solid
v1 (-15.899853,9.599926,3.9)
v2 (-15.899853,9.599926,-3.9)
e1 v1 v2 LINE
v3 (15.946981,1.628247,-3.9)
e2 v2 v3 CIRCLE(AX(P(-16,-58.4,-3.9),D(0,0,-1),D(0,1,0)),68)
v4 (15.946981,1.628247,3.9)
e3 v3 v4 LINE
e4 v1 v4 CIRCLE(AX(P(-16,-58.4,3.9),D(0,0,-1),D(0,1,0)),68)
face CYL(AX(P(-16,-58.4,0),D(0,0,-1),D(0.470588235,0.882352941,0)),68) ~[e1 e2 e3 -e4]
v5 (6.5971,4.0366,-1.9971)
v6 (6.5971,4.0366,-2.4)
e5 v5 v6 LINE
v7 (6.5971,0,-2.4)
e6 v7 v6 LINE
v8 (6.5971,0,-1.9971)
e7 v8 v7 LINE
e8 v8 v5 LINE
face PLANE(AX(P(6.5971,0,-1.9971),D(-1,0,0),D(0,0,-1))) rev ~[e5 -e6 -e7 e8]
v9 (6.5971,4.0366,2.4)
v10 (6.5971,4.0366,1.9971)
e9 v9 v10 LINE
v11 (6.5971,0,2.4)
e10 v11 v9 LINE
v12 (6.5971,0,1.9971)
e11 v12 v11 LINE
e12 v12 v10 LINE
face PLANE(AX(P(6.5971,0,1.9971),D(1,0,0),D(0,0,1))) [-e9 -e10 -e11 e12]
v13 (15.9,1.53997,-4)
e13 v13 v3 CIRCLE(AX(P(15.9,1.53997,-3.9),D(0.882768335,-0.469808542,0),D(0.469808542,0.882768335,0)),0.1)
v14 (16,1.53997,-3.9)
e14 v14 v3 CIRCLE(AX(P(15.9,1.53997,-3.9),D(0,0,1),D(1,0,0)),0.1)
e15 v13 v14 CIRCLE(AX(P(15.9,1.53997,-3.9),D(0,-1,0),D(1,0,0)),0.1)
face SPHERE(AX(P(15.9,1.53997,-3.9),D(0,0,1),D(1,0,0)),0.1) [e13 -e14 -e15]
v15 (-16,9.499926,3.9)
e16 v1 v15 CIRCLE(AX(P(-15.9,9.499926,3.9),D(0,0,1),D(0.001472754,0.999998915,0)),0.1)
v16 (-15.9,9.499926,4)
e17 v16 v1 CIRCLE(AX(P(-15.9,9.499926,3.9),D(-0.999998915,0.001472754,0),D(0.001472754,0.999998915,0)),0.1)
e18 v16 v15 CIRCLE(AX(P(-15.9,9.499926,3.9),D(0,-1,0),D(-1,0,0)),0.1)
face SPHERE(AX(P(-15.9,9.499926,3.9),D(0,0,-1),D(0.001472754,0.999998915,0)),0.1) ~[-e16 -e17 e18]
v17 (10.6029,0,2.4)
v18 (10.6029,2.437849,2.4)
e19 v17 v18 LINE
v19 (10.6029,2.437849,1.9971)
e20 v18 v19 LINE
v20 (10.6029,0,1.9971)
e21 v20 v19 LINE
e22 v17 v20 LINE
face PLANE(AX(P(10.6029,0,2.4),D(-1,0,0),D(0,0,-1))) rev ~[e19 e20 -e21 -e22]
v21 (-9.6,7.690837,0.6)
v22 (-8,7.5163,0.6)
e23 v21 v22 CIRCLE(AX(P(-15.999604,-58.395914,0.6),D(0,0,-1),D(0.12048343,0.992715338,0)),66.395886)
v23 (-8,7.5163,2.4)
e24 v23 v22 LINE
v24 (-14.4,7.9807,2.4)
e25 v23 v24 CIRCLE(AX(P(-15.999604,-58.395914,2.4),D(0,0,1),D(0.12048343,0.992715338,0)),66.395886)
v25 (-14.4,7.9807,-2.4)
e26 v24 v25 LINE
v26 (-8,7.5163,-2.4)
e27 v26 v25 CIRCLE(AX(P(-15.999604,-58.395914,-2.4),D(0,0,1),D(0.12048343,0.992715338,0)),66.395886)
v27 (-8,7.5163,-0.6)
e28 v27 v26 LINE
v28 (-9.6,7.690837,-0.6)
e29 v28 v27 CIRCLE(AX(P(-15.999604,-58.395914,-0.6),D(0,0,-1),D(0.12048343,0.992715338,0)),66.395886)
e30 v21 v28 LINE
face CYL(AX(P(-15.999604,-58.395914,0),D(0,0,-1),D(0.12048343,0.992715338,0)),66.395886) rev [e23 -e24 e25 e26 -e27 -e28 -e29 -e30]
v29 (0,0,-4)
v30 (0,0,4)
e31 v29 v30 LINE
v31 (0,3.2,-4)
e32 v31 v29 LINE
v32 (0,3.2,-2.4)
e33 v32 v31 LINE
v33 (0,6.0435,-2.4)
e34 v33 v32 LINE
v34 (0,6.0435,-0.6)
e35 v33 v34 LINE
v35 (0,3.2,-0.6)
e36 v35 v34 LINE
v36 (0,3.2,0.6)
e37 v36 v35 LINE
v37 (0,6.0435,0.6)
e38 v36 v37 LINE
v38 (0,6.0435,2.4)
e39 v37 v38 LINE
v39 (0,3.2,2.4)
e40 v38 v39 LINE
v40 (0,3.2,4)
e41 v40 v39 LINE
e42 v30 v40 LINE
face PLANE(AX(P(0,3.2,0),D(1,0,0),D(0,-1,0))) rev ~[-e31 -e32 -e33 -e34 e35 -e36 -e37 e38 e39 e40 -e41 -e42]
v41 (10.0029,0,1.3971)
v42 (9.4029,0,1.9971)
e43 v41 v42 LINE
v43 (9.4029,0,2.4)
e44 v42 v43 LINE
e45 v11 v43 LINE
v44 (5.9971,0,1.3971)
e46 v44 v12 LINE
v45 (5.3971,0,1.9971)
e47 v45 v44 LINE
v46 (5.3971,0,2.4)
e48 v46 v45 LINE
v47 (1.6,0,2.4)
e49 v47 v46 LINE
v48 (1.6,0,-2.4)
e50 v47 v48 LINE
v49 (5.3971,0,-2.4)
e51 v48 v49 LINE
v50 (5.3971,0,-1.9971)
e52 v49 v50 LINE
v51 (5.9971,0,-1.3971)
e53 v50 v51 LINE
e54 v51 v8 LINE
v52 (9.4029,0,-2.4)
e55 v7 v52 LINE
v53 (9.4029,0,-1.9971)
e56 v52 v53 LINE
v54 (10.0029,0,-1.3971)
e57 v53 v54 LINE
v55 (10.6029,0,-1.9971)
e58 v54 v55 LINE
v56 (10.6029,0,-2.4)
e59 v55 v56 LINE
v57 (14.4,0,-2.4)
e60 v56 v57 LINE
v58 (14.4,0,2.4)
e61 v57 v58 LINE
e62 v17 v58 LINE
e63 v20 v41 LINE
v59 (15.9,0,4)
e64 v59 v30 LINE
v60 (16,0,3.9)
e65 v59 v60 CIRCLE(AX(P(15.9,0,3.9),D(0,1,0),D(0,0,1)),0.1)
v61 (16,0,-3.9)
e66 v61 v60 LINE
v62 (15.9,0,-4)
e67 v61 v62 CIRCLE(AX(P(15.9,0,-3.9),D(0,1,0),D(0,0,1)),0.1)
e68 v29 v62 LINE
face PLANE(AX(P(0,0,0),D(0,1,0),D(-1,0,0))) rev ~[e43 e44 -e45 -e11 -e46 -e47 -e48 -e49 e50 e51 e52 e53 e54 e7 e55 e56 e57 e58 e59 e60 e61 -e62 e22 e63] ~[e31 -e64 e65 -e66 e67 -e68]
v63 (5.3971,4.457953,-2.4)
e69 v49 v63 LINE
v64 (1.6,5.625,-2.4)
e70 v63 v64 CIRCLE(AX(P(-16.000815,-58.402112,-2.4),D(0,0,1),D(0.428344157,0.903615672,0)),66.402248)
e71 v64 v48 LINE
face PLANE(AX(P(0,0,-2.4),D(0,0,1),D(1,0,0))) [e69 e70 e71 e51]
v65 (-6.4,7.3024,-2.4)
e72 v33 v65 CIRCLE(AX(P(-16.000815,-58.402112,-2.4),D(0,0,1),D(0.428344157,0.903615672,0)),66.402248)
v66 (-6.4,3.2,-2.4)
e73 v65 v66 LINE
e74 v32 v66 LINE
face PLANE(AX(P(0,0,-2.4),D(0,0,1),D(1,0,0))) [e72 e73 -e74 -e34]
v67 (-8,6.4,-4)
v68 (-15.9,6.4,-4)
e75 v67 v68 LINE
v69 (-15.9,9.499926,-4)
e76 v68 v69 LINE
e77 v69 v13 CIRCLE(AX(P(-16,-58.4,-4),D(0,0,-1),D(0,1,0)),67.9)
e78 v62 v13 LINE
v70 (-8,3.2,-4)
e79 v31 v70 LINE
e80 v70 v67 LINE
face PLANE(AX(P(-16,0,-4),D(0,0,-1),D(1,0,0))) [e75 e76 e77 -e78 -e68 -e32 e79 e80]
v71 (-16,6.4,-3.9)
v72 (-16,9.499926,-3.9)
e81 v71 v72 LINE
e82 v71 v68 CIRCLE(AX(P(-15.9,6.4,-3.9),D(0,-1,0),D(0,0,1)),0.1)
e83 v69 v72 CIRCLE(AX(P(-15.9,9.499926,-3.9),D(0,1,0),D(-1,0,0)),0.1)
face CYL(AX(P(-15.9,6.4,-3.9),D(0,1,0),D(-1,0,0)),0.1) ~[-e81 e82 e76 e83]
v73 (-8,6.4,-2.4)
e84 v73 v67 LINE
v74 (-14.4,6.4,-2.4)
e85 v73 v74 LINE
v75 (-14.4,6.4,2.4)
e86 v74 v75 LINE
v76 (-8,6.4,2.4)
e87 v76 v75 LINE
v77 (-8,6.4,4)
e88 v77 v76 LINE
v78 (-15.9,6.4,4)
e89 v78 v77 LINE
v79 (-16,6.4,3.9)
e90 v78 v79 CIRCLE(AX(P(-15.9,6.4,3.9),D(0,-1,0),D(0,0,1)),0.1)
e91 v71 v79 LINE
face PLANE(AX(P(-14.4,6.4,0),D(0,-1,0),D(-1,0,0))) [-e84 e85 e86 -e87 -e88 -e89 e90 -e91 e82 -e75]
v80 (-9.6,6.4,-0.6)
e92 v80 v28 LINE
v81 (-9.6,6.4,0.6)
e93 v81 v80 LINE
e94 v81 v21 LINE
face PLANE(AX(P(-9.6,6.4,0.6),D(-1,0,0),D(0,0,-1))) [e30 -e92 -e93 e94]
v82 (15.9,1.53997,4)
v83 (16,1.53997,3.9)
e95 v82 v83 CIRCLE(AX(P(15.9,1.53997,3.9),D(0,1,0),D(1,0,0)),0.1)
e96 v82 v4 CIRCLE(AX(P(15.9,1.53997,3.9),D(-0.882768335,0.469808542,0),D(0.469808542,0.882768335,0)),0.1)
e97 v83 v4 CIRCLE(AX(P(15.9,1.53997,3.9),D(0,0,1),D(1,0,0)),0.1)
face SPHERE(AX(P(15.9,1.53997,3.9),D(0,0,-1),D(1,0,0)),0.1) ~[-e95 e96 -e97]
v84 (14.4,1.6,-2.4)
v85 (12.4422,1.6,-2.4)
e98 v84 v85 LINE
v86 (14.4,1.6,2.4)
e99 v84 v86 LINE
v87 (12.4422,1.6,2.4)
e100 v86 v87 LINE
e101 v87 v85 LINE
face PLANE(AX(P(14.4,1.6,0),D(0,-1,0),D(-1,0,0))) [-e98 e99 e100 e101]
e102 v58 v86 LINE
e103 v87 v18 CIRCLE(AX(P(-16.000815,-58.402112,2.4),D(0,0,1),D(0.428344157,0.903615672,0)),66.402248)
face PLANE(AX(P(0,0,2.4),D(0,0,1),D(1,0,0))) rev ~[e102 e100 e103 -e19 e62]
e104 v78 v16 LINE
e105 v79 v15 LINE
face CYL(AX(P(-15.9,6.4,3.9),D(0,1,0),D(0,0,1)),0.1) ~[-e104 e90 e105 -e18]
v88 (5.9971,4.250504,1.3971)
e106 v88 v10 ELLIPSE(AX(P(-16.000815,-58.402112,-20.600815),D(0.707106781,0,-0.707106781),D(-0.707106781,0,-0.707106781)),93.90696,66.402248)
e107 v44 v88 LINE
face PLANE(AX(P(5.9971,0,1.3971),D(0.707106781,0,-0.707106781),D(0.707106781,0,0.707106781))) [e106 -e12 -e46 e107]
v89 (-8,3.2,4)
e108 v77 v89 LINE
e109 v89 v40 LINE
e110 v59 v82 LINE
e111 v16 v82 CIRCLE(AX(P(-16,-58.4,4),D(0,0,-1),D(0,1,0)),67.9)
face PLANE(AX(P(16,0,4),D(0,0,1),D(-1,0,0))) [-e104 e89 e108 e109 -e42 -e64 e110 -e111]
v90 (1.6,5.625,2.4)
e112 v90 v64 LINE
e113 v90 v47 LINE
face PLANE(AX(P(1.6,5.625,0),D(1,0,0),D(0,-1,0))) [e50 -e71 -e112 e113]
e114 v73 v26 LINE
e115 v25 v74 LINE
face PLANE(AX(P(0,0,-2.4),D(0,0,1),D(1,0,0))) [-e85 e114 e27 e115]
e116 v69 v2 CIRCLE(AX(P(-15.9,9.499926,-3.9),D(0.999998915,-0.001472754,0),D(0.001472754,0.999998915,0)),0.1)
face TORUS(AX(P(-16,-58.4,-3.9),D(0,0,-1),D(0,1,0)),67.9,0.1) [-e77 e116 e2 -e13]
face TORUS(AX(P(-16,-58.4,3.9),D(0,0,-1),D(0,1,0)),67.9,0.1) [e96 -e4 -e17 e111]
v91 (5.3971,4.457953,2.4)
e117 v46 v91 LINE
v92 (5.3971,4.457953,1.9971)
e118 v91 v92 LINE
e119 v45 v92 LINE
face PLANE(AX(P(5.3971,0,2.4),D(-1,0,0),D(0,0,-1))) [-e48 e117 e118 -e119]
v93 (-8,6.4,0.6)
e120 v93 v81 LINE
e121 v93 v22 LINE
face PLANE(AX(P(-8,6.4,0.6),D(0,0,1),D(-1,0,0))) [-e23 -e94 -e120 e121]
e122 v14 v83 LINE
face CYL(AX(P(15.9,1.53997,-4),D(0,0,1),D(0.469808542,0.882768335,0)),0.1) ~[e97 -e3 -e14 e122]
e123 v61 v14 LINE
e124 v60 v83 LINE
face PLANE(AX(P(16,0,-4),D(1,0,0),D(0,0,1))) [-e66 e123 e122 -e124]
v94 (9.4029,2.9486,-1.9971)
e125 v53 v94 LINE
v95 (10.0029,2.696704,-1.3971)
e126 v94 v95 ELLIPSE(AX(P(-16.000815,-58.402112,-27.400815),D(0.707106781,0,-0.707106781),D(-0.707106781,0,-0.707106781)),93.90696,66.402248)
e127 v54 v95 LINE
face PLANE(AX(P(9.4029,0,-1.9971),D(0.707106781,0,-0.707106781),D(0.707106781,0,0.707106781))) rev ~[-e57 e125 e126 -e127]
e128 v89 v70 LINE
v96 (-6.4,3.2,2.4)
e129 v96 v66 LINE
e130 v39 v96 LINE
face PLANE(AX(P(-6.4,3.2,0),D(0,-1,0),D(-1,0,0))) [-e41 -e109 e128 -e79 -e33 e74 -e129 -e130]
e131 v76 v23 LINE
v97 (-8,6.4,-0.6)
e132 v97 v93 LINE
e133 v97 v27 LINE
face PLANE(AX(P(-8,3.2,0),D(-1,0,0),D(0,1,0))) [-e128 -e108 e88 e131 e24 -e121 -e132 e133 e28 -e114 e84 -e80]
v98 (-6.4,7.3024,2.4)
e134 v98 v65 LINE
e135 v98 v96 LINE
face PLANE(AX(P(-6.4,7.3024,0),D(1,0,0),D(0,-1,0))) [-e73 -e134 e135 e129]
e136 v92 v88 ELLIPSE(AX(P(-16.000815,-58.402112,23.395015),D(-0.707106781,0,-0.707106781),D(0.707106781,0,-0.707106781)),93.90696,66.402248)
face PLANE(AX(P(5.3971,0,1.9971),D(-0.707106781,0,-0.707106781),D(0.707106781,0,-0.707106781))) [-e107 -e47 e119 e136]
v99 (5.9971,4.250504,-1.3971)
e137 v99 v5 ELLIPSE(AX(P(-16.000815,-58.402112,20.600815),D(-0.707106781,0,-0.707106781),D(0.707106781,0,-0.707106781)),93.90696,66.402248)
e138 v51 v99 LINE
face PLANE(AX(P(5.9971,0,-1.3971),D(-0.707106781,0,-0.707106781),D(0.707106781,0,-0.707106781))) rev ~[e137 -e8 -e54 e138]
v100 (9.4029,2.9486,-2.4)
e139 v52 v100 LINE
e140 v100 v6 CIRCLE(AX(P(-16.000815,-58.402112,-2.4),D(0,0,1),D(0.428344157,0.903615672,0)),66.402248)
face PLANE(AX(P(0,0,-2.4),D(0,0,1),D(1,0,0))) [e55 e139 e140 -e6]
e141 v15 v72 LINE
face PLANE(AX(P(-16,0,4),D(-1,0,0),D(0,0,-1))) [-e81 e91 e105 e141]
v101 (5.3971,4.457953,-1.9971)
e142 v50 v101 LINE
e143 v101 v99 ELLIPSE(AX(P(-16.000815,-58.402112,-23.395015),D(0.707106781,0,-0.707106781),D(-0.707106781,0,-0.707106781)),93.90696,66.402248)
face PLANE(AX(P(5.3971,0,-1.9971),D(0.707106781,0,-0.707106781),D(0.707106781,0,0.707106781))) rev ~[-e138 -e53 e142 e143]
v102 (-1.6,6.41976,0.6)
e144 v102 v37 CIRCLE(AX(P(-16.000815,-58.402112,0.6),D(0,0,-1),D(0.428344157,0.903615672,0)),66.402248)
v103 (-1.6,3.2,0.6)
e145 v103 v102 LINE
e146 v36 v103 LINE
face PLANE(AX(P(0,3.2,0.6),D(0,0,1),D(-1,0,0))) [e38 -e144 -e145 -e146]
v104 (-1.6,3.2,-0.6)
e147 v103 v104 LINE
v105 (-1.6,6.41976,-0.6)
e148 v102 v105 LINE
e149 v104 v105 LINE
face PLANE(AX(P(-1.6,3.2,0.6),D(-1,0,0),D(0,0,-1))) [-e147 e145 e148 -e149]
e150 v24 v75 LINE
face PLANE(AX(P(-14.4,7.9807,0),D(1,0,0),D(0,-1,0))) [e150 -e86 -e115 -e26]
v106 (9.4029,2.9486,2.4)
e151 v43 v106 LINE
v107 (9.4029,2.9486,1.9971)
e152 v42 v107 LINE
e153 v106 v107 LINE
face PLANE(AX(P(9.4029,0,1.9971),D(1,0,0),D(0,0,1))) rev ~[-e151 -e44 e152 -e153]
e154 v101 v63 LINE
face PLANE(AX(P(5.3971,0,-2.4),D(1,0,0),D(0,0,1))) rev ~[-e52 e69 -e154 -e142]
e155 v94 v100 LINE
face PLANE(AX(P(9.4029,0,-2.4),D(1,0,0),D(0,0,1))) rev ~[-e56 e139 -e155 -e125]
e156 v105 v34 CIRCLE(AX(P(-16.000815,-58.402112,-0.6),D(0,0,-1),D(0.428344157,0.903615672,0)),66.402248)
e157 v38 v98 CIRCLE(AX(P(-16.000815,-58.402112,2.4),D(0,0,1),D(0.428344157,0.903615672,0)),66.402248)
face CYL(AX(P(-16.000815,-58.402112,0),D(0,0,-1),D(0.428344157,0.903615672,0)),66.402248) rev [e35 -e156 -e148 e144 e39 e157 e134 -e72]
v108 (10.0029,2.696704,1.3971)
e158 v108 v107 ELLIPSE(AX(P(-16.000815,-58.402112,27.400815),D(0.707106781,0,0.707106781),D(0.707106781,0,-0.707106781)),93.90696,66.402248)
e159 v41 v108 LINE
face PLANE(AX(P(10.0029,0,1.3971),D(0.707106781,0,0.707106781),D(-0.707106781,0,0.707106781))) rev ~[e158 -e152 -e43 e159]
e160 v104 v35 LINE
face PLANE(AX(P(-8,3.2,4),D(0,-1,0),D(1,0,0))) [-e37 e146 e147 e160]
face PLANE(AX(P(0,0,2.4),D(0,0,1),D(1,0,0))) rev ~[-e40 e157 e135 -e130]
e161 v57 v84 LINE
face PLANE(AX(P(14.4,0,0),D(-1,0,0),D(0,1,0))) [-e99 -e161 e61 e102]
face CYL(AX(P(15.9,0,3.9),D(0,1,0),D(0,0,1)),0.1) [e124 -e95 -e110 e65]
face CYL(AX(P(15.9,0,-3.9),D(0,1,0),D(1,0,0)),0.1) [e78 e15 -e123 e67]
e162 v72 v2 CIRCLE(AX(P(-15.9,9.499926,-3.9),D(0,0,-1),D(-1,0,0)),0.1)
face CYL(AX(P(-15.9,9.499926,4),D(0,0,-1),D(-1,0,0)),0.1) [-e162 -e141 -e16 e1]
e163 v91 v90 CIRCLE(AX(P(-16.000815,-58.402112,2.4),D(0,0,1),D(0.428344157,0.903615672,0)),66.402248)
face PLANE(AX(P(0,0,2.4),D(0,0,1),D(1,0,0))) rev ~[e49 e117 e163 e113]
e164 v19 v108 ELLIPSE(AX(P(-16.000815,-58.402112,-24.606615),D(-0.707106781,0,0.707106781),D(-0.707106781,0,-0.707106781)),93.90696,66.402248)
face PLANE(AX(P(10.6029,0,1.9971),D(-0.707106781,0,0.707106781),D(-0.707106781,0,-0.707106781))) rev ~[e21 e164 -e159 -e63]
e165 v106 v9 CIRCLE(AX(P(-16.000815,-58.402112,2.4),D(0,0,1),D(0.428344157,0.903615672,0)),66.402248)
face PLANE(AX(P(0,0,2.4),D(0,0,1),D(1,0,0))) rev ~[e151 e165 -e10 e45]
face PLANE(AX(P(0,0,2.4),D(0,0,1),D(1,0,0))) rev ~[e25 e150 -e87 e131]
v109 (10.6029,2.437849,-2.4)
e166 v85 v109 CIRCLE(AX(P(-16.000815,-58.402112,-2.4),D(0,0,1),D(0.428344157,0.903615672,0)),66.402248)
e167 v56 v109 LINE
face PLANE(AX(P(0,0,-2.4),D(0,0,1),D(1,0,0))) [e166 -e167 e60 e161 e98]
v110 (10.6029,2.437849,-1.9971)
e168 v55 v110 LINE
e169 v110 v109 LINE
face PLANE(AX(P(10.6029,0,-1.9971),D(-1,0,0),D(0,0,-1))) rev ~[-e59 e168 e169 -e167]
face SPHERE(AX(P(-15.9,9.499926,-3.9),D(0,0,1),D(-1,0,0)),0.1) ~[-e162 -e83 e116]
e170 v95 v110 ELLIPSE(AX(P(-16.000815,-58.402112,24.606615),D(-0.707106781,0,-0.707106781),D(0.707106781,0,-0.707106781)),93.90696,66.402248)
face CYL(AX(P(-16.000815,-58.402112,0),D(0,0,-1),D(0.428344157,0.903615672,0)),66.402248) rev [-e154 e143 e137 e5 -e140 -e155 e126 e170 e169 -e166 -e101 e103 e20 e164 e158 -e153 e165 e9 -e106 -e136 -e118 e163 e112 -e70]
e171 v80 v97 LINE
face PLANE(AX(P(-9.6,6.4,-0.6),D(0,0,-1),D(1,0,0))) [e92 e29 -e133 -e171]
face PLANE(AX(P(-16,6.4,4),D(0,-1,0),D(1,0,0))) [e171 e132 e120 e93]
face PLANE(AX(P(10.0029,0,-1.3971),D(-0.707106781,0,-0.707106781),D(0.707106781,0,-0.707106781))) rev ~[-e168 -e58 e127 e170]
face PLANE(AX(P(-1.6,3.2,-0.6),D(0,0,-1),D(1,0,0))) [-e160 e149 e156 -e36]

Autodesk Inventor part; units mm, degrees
ref_plane "YZ Plane" through (0, 0, 0) normal (1, 0, 0) x (0, 1, 0)
ref_plane "XZ Plane" through (0, 0, 0) normal (0, 1, 0) x (-1, 0, 0)
ref_plane "XY Plane" through (0, 0, 0) normal (0, 0, 1) x (1, 0, 0)
sketch "Sketch2" plane through (0, 0, 0) normal (0, 1, 0) x (-1, 0, 0)
  line L0 (-16, 4) -> (16, 4)
  line L1 (16, 4) -> (16, -4)
  line L2 (16, -4) -> (-16, -4)
  line L3 (-16, -4) -> (-16, 4)
  point P0 (0, 0)
  point P1 (0, 4)
  point P2 (-16, 0)
  dimension "d0" = 32
  dimension "d1" = 8
extrude "Extrusion1" add sketch "Sketch2" along normal blind 9.6
sketch "Sketch10" plane through (0, 0, 0) normal (0, 0, 1) x (1, 0, 0)
  line L0 (-16, 9.6) -> (16, 9.6) projected
  line L1 (-16, 0) -> (-16, 9.6) projected
  arc A0 (16, 1.6) -> (-16, 9.6) centre (-16, -58.4) ccw
  line L2 (16, 1.6) -> (16, 9.6)
  line L3 (-16, 0) -> (16, 0) projected
  line L4 (14.4, 0) -> (14.4, 1.6)
  line L5 (14.4, 1.6) -> (12.4422, 1.6)
  line L6 (-8, 3.2) -> (-8, 7.5163)
  line L7 (-6.4, 7.3024) -> (-6.4, 3.2)
  arc A1 (12.4422, 1.6) -> (-6.4, 7.3024) centre (-16, -58.4) ccw
  arc A2 (-8, 7.5163) -> (-14.4, 7.9807) centre (-16, -58.4) ccw
  line L8 (-14.4, 7.9807) -> (-14.4, 6.4)
  line L9 (1.6, 5.625) -> (1.6, 0)
  line L10 (0, 6.0435) -> (0, 0)
  line L11 (0, 3.2) -> (-6.4, 3.2)
  line L12 (-8, 6.4) -> (-14.4, 6.4)
  line L13 (-14.4, 6.4) -> (-16, 6.4)
  line L14 (16, 0) -> (16, 9.6) projected
  line L15 (1.6, 0) -> (14.4, 0)
  line L16 (0, 0) -> (-16, 0)
  line L17 (-16, 0) -> (-16, 6.4)
  line L18 (-6.4, 3.2) -> (-8, 3.2)
  dimension "d100" = 1.6
  dimension "d104" = 1.6
  dimension "d105" = 1.6
  dimension "d107" = 1.6
  dimension "d108" = 1.6
  dimension "d113" = 6.4
  dimension "d114" = 3.2
  dimension "d115" = 16
  dimension "d116" = 1.6
extrude "Extrusion7" cut sketch "Sketch10" along normal through all both and the other way through all contours L0 L2 A0 | L13 L12 L6 L18 L11 L10 L3 L1
extrude "Extrusion8" cut sketch "Sketch10" along normal mid plane 4.8 contours L8 A2 L6 L12 | L3 L9 A1 L5 L4 | L11 L7 A1 L10
sketch "Sketch3" plane through (0, 0, 0) normal (0, -1, 0) x (1, 0, 0)
  circle A0 centre (12, 0) radius 2.4 construction
  line L0 (14.4, -2.4) -> (1.6, -2.4) projected
  line L1 (1.6, -2.4) -> (1.6, 2.4) projected
  line L2 (1.6, 2.4) -> (14.4, 2.4) projected
  line L3 (14.4, 2.4) -> (14.4, -2.4) projected
  line L4 (16, 4) -> (0, 4) projected
  circle A1 centre (4, 0) radius 2.4 construction
  line L5 (5.3971, 2.4) -> (5.3971, 1.9971)
  line L6 (5.3971, 1.9971) -> (5.9971, 1.3971)
  line L7 (5.9971, 1.3971) -> (6.5971, 1.9971)
  line L8 (6.5971, 1.9971) -> (6.5971, 2.4)
  line L9 (10.6029, 2.4) -> (10.6029, 1.9971)
  line L10 (10.6029, 1.9971) -> (10.0029, 1.3971)
  line L11 (10.0029, 1.3971) -> (9.4029, 1.9971)
  line L12 (9.4029, 1.9971) -> (9.4029, 2.4)
  line L13 (5.3971, -2.4) -> (5.3971, -1.9971)
  line L14 (5.3971, -1.9971) -> (5.9971, -1.3971)
  line L15 (5.9971, -1.3971) -> (6.5971, -1.9971)
  line L16 (6.5971, -1.9971) -> (6.5971, -2.4)
  line L17 (9.4029, -2.4) -> (9.4029, -1.9971)
  line L18 (9.4029, -1.9971) -> (10.0029, -1.3971)
  line L19 (10.0029, -1.3971) -> (10.6029, -1.9971)
  line L20 (10.6029, -1.9971) -> (10.6029, -2.4)
  line L21 (5.6971, 1.6971) -> (4, 0) construction
  dimension "d97" = 4.8
  dimension "d118" = 1.2
extrude "Extrusion2" add sketch "Sketch3" against normal up to next contours L0 L17 L18 L19 L20 | L9 L10 L11 L12 L2 | L0 L13 L14 L15 L16 | L8 L7 L6 L5 L2
sketch "Sketch11" plane through (-8, 3.2, 4) normal (0, -1, 0) x (1, 0, 0)
  line L0 (1.6, -1.6) -> (8, -1.6) projected
  line L1 (8, -1.6) -> (8, 0) projected
  line L2 (8, -6.4) -> (1.6, -6.4) projected
  line L3 (1.6, -6.4) -> (1.6, -1.6) projected
  circle A0 centre (4, -4) radius 2.4 construction
  line L4 (8, -3.4) -> (6.4, -3.4)
  line L5 (6.4, -3.4) -> (6.4, -4.6)
  line L6 (6.4, -4.6) -> (8, -4.6)
  line L7 (8, -3.4) -> (8, -4.6)
  point P0 (8, -4)
  point P1 (6.4, -4)
  dimension "d119" = 1.2
extrude "Extrusion9" add sketch "Sketch11" against normal up to next
sketch "Sketch12" plane through (-16, 6.4, 4) normal (0, -1, 0) x (1, 0, 0)
  line L0 (1.6, -1.6) -> (8, -1.6) projected
  line L1 (8, -6.4) -> (1.6, -6.4) projected
  line L2 (1.6, -6.4) -> (1.6, -1.6) projected
  line L3 (8, -3.4) -> (6.4, -3.4)
  line L4 (6.4, -3.4) -> (6.4, -4.6)
  line L5 (6.4, -4.6) -> (8, -4.6)
  line L6 (8, -4.6) -> (8, -3.4)
  circle A0 centre (4, -4) radius 2.4 construction
  point P0 (16, -4)
  point P1 (6.4, -4)
  dimension "d122" = 1.2
extrude "Extrusion10" add sketch "Sketch12" against normal up to next
fillet "Fillet1" radius 0.1 8 edges at (-16, 8, 4) (-16, 9.6, 0) (16, 0.8, 4) (16, 0.8, -4) (-16, 8, -4) (0.4924, 7.5697, 4) (0.4924, 7.5697, -4) (16, 1.6, 0)
equation "\"d4\" = lh"
equation "\"d100\" = wall"
equation "\"d104\" = wall"
equation "\"d105\" = 0.333333 * lh - topthk"
equation "\"d107\" = topthk"
equation "\"d108\" = d104"
equation "\"d113\" = 0.666667 * lh"
equation "\"d114\" = 0.333333 * lh"
equation "\"d115\" = 2 * lu"
equation "\"d116\" = wall"
equation "\"d109\" = lu - 2 * wall"
equation "\"d97\" = kd"
equation "\"d22\" = lf"
equation "\"d103\" = d102"
equation "\"lh\" = 9.6"
equation "\"wall\" = 1.6"
equation "\"topthk\" = 1.6"
equation "\"lu\" = 8"
equation "\"kd\" = 4.8"
equation "\"lf\" = 0.1"
equation "\"d102\" = 1.6"
properties part number "11153-Black" material "ABS Plastic"
